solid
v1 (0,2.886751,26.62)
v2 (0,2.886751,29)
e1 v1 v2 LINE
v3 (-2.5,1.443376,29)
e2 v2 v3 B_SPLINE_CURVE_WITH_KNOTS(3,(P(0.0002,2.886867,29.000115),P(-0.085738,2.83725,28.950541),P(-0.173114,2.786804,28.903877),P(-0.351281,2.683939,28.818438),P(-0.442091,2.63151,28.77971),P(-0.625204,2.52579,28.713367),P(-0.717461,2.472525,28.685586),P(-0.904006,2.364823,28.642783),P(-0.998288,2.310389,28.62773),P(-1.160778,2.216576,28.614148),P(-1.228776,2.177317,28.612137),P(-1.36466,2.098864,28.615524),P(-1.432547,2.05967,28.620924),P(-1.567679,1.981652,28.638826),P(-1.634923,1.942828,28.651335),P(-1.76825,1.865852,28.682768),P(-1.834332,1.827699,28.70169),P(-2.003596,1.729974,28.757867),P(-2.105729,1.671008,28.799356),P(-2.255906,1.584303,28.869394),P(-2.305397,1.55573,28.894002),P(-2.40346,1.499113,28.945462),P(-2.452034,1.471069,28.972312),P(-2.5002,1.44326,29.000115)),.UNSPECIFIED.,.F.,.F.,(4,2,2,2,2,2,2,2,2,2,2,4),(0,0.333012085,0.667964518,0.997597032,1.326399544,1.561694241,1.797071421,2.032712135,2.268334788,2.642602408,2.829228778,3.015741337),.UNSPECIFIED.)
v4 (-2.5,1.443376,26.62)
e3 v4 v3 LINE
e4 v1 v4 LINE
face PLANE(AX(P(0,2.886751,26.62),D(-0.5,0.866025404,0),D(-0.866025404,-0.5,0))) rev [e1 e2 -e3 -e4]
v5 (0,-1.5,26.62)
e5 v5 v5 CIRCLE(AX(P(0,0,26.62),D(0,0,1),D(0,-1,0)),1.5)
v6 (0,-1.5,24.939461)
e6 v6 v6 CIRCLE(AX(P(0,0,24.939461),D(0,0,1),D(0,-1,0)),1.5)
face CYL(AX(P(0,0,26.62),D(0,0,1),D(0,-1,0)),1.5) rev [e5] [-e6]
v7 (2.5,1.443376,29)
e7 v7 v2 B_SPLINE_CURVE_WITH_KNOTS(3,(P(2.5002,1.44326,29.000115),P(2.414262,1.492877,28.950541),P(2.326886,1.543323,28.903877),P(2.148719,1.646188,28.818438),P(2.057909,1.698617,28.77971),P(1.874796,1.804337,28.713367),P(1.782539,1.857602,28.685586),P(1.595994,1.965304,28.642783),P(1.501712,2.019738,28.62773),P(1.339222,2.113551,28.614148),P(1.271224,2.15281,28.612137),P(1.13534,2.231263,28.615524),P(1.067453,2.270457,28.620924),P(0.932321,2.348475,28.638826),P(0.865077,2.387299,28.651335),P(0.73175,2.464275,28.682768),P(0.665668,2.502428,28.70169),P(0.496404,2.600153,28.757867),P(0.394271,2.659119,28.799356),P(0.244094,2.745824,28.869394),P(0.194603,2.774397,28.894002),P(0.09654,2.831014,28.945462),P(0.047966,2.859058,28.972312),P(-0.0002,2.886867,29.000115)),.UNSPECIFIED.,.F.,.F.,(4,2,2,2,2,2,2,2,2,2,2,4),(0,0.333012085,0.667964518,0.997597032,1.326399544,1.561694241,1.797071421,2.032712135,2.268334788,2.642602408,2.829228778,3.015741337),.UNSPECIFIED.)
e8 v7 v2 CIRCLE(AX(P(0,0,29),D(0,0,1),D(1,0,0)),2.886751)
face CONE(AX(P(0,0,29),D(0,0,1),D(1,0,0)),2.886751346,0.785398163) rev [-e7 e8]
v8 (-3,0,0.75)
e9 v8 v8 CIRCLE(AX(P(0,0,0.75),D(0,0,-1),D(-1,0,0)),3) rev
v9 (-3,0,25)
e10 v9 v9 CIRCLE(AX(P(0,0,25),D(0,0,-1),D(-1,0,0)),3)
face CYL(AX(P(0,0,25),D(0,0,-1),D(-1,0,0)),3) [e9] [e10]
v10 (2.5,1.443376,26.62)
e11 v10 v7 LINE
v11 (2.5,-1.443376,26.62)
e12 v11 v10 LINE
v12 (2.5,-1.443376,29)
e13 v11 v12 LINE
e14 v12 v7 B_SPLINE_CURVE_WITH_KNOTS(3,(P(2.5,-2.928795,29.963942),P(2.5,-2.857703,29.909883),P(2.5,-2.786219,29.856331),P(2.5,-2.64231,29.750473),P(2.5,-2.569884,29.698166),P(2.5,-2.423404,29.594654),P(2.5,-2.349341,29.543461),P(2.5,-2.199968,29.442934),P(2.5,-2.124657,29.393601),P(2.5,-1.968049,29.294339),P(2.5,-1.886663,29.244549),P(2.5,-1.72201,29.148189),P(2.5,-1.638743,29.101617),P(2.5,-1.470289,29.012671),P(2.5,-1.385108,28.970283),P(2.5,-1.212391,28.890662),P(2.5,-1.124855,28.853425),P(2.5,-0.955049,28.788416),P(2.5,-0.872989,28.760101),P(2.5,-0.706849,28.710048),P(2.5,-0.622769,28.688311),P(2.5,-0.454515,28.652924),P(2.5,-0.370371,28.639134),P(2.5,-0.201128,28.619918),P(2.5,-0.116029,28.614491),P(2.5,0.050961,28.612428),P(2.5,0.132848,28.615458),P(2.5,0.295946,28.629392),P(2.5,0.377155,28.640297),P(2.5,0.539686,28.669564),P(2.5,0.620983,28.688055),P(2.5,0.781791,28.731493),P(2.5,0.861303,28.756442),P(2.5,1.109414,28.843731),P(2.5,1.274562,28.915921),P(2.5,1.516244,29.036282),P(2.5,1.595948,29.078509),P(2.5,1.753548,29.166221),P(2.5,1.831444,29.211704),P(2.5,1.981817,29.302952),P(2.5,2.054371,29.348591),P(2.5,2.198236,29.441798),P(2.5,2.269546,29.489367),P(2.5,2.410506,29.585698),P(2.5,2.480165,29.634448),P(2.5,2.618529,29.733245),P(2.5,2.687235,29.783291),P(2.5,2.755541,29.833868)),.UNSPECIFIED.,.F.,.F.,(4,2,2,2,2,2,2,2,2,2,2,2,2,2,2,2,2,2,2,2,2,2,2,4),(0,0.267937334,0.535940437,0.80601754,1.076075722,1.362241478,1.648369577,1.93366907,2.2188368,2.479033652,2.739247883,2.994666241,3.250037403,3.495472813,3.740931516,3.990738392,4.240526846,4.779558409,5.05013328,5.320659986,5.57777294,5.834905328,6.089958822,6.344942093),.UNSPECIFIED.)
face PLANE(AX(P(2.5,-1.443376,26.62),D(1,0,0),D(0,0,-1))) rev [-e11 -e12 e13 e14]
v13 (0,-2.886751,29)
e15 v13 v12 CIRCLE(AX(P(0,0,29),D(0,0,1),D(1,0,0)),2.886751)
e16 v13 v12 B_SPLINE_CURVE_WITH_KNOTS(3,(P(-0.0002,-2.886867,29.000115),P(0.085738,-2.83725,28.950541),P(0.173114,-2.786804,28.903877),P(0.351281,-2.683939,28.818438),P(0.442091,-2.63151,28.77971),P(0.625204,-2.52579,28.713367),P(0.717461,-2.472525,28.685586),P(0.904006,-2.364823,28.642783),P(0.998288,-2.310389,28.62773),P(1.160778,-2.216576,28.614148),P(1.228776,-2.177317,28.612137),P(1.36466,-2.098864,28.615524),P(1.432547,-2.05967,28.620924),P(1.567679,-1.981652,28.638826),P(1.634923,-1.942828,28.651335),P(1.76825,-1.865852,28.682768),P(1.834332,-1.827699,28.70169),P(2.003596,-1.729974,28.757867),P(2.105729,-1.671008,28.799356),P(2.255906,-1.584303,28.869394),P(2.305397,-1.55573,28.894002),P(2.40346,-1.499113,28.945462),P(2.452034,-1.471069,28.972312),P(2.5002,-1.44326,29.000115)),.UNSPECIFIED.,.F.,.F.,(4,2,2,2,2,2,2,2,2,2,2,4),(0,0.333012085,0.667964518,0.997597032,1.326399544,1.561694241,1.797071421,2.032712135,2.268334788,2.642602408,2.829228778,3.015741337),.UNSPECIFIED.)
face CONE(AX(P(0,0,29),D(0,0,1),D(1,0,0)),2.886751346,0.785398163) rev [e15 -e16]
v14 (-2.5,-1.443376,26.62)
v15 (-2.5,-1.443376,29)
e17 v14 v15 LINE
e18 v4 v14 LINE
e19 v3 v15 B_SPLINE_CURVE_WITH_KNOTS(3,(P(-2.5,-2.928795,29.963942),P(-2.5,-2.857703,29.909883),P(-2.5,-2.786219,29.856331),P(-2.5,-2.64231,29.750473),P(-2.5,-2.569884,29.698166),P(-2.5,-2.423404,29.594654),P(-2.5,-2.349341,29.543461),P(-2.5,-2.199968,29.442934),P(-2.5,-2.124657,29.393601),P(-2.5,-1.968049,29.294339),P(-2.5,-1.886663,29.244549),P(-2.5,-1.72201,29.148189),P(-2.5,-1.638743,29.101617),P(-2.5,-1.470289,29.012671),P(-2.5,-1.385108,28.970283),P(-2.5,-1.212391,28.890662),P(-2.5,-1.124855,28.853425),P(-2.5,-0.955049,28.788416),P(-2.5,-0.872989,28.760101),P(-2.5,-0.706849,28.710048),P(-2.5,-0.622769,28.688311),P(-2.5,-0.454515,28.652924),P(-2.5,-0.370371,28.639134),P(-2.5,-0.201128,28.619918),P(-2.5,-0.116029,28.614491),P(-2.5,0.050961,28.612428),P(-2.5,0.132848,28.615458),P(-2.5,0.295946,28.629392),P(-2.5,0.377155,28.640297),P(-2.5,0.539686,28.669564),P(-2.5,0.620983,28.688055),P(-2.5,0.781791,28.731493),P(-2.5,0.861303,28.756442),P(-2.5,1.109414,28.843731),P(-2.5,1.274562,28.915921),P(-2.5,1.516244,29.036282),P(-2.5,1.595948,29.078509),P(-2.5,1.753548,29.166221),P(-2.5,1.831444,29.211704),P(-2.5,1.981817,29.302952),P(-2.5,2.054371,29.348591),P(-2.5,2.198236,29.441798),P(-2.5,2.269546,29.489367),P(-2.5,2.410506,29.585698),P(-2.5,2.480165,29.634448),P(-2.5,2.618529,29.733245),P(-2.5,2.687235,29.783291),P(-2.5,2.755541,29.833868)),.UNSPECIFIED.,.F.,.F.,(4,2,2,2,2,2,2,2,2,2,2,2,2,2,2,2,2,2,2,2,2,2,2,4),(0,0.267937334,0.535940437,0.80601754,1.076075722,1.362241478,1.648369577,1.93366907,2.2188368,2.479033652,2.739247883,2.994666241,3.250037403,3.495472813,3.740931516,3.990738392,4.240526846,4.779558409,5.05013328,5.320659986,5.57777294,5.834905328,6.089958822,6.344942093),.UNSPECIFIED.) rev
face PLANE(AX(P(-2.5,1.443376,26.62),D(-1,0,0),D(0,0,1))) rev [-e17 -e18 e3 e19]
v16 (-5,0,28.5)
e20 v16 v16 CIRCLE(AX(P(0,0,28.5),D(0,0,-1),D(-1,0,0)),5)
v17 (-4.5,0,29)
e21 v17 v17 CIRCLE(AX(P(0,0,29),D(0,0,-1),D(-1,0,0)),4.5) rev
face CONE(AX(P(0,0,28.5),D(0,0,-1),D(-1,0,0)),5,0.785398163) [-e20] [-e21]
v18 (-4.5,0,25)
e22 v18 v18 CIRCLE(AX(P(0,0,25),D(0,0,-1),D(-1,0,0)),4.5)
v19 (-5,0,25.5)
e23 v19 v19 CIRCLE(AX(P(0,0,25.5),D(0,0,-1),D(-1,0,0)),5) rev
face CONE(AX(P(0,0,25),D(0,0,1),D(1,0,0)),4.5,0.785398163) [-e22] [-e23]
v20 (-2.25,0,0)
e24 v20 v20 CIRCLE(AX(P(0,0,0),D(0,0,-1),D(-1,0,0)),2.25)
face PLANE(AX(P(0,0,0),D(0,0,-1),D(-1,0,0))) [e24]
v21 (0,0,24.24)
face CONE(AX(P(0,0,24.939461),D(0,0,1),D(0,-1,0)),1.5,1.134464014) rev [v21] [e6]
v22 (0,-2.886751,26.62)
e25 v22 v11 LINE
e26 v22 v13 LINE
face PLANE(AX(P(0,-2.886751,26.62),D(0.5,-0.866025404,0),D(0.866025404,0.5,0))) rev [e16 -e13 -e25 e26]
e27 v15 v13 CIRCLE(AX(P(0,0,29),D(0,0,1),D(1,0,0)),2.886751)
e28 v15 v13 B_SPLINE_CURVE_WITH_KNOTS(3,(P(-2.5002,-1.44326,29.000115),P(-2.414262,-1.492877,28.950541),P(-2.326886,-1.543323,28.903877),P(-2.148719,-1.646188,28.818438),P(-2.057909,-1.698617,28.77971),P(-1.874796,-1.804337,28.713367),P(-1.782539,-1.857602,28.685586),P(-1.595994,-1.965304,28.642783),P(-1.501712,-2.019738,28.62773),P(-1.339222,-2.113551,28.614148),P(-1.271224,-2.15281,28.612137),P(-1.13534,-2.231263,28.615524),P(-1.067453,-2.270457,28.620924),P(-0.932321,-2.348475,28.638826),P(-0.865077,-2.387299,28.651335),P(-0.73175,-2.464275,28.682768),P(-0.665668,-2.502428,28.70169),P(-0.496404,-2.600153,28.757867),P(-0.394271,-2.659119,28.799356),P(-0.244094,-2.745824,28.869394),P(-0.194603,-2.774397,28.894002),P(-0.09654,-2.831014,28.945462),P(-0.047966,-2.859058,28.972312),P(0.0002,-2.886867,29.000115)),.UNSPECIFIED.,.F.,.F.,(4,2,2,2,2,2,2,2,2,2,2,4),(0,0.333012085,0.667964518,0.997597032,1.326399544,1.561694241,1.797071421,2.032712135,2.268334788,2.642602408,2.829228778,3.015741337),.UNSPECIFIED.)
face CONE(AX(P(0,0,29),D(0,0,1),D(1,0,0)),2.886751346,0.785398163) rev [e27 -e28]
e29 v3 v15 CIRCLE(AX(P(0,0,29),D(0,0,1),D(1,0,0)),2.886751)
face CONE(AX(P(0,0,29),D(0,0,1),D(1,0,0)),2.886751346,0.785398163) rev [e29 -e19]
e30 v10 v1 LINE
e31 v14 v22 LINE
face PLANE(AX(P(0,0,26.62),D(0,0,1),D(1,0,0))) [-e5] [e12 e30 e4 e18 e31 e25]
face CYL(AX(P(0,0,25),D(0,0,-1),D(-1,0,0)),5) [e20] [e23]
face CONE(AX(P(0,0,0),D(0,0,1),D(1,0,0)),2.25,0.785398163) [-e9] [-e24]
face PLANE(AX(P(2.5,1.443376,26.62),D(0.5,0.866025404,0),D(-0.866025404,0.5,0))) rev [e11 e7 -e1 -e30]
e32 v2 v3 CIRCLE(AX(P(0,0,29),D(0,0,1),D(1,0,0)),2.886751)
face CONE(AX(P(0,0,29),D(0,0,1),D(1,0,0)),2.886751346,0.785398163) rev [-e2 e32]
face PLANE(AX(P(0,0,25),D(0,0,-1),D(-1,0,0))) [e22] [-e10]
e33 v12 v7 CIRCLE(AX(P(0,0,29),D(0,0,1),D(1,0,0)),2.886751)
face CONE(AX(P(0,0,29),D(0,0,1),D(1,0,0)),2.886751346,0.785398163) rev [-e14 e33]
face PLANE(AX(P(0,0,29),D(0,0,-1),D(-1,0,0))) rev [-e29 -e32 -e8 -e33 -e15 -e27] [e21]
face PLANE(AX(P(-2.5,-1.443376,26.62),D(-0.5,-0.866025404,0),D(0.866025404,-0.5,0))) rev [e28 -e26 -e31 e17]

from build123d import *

# Parameters (mm, degrees)
CHAMFER1_SIZE          = 0.5
CUT_EXTRUDE1_DEPTH     = 2.38
SPLIT1_SURFACE_1_BACK  = 33.265
SPLIT1_SURFACE_1_DEPTH = 66.53
SPLIT1_SURFACE_2_BACK  = 33.265
SPLIT1_SURFACE_2_DEPTH = 66.53
CHAMFER2_SIZE          = 0.75


with BuildPart() as part:
    # Sketch1 → Revolve1 (revolve)
    with BuildSketch(Plane.ZY):
        Polygon((0, 3), (0, 0), (29, 0), (29, 5), (25, 5), (25, 3), align=None)
    revolve(axis=Axis((0, 0, 25), (0, 0, 1)))

    # Chamfer1
    chamfer1_edges = [part.edges().sort_by_distance(p)[0] for p in [
        (0, -5, 25),
        (0, -5, 29),
    ]]
    chamfer(chamfer1_edges, length=CHAMFER1_SIZE)

    # Sketch2 → Cut-Extrude1 (cut)
    with BuildSketch(Plane.XY.offset(29)):
        Polygon((0, 2.886751346), (-2.5, 1.443375673), (-2.5, -1.443375673), (0, -2.886751346), (2.5, -1.443375673), (2.5, 1.443375673), align=None)
    extrude(amount=-CUT_EXTRUDE1_DEPTH, mode=Mode.SUBTRACT)

    # Sketch3 → Cut-Revolve1 (revolve, cut)
    with BuildSketch(Plane(origin=(0, 0, 11.32), x_dir=(0, 0, 1), z_dir=(-1, 0, 0))):
        Polygon((13.619461487, 1.5), (12.92, 0), (15.3, 0), (15.3, 1.5), align=None)
    revolve(axis=Axis((0, 0, 26.62), (0, 0, -1)), mode=Mode.SUBTRACT)

    # Cut-Extrude2 cone 1 section (through the dimple's axis) → Cut-Extrude2 (revolve, cut)
    with BuildSketch(Plane(origin=(0, 0, 29), x_dir=(0, -1, 0), z_dir=(1, 0, 0))):
        Polygon((0, 0), (2.886751346, 0), (0, 2.886751346), align=None)
    revolve(axis=Axis((0, 0, 29), (0, 0, -1)), mode=Mode.SUBTRACT)


with BuildPart() as body_2:
    # Split1: the piece behind the surface
    add(part.part)
    # Split1 surface: a surface, the sketch's curves swept straight by 66.53 mm
    with BuildLine(Plane(origin=(0, 0, 0), x_dir=(0, 0, -1), z_dir=(1, 0, 0)).offset(-SPLIT1_SURFACE_1_BACK), mode=Mode.PRIVATE) as split1_surface_1_path:
        Line((-19.5, 3), (-19.5, -3))
    split1_surface_1 = Shell.extrude(split1_surface_1_path.wire(), (1 * SPLIT1_SURFACE_1_DEPTH, 0 * SPLIT1_SURFACE_1_DEPTH, 0 * SPLIT1_SURFACE_1_DEPTH))
    split(bisect_by=split1_surface_1, keep=Keep.BOTTOM)


with BuildPart() as part_1:
    add(part.part)

    # Split1: split by a surface, the side it looks to stays
    # Split1 surface: a surface, the sketch's curves swept straight by 66.53 mm
    with BuildLine(Plane(origin=(0, 0, 0), x_dir=(0, 0, -1), z_dir=(1, 0, 0)).offset(-SPLIT1_SURFACE_2_BACK), mode=Mode.PRIVATE) as split1_surface_2_path:
        Line((-19.5, 3), (-19.5, -3))
    split1_surface_2 = Shell.extrude(split1_surface_2_path.wire(), (1 * SPLIT1_SURFACE_2_DEPTH, 0 * SPLIT1_SURFACE_2_DEPTH, 0 * SPLIT1_SURFACE_2_DEPTH))
    split(bisect_by=split1_surface_2, keep=Keep.TOP)

    # Chamfer2
    chamfer2_edges = [part_1.edges().sort_by_distance(p)[0] for p in [
        (0, -3, 0),
    ]]
    chamfer(chamfer2_edges, length=CHAMFER2_SIZE)


with BuildPart() as body_2_1:
    add(body_2.part)

    # Combine1: union part
    add(part_1.part)


solid = body_2_1.part
